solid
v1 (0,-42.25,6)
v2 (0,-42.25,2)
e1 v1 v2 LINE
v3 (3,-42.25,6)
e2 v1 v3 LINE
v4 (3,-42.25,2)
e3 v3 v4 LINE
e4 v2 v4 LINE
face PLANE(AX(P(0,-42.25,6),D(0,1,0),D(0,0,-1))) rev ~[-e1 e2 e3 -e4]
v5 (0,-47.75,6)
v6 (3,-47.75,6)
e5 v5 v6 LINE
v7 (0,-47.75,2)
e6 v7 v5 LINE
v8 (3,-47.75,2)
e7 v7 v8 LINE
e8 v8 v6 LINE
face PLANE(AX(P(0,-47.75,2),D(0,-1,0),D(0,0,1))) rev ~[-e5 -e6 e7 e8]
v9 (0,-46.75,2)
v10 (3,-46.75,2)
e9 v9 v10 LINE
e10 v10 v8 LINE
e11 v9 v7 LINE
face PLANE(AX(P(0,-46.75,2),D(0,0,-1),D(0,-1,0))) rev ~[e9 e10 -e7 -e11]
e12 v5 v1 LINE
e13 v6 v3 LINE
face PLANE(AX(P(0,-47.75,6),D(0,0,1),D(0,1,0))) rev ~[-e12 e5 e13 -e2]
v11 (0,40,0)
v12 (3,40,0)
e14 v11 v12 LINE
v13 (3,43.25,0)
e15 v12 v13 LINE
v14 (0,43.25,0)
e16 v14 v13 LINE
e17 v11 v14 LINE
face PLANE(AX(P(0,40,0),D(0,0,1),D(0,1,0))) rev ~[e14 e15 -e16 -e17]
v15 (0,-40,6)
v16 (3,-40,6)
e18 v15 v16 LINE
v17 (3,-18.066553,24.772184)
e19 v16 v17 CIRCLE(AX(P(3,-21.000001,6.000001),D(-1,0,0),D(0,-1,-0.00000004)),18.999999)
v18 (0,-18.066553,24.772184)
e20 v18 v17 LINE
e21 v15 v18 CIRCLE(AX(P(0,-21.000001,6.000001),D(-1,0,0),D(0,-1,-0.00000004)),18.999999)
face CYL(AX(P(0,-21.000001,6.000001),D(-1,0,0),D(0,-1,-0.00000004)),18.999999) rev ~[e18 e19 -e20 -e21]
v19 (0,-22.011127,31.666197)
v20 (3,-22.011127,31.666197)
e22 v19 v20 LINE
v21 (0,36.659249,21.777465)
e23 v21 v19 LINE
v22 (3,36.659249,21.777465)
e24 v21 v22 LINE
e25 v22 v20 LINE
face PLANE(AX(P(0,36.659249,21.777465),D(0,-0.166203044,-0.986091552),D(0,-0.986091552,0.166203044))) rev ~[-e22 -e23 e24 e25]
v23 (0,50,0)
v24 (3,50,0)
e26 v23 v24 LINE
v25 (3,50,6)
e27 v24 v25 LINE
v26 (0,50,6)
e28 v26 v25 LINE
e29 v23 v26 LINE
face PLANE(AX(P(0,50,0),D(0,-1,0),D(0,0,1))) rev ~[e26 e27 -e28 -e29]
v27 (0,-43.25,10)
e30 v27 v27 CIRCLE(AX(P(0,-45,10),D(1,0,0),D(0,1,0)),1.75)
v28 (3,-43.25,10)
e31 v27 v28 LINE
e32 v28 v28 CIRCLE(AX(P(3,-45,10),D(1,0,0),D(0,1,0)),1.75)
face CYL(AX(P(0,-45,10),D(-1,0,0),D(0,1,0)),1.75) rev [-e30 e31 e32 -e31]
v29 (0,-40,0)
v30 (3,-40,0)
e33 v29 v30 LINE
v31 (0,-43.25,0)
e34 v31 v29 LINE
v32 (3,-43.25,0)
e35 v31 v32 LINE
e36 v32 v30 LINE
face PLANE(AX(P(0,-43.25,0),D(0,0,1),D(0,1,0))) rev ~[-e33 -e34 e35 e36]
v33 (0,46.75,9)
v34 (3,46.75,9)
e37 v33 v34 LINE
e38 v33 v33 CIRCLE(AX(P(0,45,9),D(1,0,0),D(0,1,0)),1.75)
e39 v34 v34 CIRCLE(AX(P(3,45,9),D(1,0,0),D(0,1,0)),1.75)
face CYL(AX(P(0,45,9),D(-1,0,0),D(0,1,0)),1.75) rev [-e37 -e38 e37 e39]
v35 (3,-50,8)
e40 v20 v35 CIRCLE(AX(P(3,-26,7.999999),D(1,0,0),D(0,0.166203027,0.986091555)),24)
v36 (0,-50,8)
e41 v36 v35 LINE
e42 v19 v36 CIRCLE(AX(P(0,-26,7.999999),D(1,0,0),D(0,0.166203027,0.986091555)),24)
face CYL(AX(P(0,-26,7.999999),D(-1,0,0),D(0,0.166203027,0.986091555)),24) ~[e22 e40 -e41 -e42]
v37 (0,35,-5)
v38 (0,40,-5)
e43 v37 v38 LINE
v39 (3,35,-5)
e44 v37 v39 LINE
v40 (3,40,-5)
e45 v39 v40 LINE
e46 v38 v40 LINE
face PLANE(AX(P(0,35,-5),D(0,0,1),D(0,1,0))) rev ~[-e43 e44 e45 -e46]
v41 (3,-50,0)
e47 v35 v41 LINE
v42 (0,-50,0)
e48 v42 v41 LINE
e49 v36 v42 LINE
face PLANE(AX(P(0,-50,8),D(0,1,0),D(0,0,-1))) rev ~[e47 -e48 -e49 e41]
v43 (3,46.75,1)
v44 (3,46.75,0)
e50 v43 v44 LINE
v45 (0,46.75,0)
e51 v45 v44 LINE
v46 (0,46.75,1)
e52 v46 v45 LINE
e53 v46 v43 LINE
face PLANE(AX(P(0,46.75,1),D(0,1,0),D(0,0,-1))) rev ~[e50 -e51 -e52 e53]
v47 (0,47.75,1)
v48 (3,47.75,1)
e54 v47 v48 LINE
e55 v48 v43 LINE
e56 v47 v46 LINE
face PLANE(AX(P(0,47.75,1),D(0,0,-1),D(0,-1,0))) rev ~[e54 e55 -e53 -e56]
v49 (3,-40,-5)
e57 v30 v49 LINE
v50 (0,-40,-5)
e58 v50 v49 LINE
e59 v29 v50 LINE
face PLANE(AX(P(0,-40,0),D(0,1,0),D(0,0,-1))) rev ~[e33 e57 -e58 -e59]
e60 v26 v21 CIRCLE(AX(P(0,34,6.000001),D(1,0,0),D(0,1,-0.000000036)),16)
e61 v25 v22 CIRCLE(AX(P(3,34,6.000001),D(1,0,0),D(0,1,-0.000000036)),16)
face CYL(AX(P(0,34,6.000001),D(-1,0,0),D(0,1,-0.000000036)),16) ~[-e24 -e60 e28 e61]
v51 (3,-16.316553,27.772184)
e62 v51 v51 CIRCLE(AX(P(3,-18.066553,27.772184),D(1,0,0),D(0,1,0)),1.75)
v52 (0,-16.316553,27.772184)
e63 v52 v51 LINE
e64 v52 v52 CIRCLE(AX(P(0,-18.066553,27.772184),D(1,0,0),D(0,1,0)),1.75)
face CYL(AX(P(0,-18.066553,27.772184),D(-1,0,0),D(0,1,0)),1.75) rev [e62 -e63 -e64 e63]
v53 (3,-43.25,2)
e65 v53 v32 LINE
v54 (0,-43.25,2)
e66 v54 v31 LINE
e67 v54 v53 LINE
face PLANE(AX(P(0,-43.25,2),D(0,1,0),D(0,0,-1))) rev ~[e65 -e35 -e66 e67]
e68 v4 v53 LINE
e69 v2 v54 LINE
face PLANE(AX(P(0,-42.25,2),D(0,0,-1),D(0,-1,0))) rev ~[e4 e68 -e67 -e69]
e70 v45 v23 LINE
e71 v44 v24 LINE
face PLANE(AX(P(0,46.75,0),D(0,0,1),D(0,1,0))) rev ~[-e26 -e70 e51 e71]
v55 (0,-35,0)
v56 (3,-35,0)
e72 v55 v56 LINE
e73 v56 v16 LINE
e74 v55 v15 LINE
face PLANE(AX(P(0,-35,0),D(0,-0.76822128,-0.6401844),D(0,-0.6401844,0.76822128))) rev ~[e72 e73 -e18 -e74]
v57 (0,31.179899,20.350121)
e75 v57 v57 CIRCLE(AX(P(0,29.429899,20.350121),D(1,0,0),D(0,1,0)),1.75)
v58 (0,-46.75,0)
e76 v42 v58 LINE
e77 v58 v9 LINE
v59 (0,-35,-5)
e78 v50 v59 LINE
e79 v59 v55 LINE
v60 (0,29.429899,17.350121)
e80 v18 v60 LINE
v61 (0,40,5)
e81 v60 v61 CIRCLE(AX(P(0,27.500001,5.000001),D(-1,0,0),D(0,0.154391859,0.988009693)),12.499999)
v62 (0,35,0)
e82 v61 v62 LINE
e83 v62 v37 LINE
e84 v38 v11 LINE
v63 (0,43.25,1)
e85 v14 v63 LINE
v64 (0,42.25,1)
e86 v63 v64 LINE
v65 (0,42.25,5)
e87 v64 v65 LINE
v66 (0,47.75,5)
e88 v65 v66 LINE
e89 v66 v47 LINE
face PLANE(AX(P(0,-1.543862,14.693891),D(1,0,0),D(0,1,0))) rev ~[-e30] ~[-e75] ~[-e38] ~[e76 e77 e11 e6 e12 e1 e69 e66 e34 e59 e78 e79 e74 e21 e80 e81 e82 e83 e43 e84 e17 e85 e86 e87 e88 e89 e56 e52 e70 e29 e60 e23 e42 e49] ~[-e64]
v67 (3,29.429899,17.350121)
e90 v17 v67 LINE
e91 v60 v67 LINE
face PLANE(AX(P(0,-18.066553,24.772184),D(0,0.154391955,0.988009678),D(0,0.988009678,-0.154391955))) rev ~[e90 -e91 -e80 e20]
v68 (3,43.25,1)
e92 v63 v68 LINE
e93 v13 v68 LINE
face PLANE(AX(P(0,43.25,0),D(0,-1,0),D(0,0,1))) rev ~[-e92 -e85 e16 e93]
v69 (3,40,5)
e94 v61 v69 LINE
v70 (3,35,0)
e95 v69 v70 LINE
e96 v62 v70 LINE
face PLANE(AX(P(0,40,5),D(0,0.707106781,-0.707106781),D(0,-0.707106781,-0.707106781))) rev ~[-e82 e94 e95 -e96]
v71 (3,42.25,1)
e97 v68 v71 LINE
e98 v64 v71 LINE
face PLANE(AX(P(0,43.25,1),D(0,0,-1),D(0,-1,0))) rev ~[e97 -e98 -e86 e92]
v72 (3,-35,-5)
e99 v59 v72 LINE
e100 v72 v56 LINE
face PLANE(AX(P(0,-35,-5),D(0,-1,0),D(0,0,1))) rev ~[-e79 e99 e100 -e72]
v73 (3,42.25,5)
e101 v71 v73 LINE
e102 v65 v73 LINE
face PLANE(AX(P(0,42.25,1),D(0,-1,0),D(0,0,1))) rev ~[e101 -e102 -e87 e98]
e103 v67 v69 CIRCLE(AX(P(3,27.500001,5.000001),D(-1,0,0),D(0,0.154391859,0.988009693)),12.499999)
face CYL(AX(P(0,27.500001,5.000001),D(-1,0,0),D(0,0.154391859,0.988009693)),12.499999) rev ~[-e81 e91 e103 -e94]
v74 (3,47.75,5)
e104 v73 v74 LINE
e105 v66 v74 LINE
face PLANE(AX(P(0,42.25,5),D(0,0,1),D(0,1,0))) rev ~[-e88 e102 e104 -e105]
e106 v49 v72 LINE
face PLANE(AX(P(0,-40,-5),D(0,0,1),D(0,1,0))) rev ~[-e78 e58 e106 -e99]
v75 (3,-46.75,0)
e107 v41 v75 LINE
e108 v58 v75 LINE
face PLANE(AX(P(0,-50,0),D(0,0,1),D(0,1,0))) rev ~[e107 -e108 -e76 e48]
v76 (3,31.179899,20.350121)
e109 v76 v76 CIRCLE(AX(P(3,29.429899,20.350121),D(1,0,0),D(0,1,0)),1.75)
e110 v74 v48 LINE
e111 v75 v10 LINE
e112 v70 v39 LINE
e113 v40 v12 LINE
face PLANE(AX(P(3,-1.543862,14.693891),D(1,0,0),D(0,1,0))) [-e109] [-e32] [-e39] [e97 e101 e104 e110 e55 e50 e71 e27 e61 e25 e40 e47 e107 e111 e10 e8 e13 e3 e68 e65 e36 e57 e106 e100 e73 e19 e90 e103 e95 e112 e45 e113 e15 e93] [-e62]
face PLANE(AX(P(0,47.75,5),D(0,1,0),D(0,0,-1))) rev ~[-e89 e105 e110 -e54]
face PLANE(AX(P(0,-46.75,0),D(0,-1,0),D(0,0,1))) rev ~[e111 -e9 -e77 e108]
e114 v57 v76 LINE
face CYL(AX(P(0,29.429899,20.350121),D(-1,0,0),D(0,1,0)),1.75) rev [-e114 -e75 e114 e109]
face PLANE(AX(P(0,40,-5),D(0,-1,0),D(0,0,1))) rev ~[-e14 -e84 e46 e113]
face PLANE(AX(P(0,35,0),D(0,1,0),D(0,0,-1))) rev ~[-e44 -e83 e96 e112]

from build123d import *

# Parameters (mm, degrees)
F1_R     = 1.75
F2_DEPTH = 3


with BuildPart() as f2:
    # F1 (on Right) → F2 (new body)
    with BuildSketch(Plane.YZ):
        with BuildLine():
            Line((-50, 8), (-50, 0))
            Line((-50, 0), (-46.75, 0))
            Line((-46.75, 0), (-46.75, 2))
            Line((-46.75, 2), (-47.75, 2))
            Line((-47.75, 2), (-47.75, 6))
            Line((-47.75, 6), (-42.25, 6))
            Line((-42.25, 6), (-42.25, 2))
            Line((-42.25, 2), (-43.25, 2))
            Line((-43.25, 2), (-43.25, 0))
            Line((-43.25, 0), (-40, 0))
            Line((-40, 0), (-40, -5))
            Line((-40, -5), (-35, -5))
            Line((-35, -5), (-35, 0))
            Line((-35, 0), (-40, 6))
            ThreePointArc((-40, 6), (-33.354443, 20.434949), (-18.066553, 24.772184))
            Line((-18.066553, 24.772184), (29.429899, 17.350121))
            ThreePointArc((29.429899, 17.350121), (36.996677, 13.127923), (40, 5))
            Line((40, 5), (35, 0))
            Line((35, 0), (35, -5))
            Line((35, -5), (40, -5))
            Line((40, -5), (40, 0))
            Line((40, 0), (43.25, 0))
            Line((43.25, 0), (43.25, 1))
            Line((43.25, 1), (42.25, 1))
            Line((42.25, 1), (42.25, 5))
            Line((42.25, 5), (47.75, 5))
            Line((47.75, 5), (47.75, 1))
            Line((47.75, 1), (46.75, 1))
            Line((46.75, 1), (46.75, 0))
            Line((46.75, 0), (50, 0))
            Line((50, 0), (50, 6))
            ThreePointArc((50, 6), (46.217774, 16.330828), (36.659249, 21.777465))
            Line((36.659249, 21.777465), (-22.011127, 31.666197))
            ThreePointArc((-22.011127, 31.666197), (-41.496242, 26.32666), (-50, 8))
        make_face()
        with Locations((-45, 10)):
            Circle(F1_R, mode=Mode.SUBTRACT)
        with Locations((45, 9)):
            Circle(F1_R, mode=Mode.SUBTRACT)
        with Locations((-18.066553, 27.772184)):
            Circle(F1_R, mode=Mode.SUBTRACT)
        with Locations((29.429899, 20.350121)):
            Circle(F1_R, mode=Mode.SUBTRACT)
    extrude(amount=F2_DEPTH)


solid = f2.part
